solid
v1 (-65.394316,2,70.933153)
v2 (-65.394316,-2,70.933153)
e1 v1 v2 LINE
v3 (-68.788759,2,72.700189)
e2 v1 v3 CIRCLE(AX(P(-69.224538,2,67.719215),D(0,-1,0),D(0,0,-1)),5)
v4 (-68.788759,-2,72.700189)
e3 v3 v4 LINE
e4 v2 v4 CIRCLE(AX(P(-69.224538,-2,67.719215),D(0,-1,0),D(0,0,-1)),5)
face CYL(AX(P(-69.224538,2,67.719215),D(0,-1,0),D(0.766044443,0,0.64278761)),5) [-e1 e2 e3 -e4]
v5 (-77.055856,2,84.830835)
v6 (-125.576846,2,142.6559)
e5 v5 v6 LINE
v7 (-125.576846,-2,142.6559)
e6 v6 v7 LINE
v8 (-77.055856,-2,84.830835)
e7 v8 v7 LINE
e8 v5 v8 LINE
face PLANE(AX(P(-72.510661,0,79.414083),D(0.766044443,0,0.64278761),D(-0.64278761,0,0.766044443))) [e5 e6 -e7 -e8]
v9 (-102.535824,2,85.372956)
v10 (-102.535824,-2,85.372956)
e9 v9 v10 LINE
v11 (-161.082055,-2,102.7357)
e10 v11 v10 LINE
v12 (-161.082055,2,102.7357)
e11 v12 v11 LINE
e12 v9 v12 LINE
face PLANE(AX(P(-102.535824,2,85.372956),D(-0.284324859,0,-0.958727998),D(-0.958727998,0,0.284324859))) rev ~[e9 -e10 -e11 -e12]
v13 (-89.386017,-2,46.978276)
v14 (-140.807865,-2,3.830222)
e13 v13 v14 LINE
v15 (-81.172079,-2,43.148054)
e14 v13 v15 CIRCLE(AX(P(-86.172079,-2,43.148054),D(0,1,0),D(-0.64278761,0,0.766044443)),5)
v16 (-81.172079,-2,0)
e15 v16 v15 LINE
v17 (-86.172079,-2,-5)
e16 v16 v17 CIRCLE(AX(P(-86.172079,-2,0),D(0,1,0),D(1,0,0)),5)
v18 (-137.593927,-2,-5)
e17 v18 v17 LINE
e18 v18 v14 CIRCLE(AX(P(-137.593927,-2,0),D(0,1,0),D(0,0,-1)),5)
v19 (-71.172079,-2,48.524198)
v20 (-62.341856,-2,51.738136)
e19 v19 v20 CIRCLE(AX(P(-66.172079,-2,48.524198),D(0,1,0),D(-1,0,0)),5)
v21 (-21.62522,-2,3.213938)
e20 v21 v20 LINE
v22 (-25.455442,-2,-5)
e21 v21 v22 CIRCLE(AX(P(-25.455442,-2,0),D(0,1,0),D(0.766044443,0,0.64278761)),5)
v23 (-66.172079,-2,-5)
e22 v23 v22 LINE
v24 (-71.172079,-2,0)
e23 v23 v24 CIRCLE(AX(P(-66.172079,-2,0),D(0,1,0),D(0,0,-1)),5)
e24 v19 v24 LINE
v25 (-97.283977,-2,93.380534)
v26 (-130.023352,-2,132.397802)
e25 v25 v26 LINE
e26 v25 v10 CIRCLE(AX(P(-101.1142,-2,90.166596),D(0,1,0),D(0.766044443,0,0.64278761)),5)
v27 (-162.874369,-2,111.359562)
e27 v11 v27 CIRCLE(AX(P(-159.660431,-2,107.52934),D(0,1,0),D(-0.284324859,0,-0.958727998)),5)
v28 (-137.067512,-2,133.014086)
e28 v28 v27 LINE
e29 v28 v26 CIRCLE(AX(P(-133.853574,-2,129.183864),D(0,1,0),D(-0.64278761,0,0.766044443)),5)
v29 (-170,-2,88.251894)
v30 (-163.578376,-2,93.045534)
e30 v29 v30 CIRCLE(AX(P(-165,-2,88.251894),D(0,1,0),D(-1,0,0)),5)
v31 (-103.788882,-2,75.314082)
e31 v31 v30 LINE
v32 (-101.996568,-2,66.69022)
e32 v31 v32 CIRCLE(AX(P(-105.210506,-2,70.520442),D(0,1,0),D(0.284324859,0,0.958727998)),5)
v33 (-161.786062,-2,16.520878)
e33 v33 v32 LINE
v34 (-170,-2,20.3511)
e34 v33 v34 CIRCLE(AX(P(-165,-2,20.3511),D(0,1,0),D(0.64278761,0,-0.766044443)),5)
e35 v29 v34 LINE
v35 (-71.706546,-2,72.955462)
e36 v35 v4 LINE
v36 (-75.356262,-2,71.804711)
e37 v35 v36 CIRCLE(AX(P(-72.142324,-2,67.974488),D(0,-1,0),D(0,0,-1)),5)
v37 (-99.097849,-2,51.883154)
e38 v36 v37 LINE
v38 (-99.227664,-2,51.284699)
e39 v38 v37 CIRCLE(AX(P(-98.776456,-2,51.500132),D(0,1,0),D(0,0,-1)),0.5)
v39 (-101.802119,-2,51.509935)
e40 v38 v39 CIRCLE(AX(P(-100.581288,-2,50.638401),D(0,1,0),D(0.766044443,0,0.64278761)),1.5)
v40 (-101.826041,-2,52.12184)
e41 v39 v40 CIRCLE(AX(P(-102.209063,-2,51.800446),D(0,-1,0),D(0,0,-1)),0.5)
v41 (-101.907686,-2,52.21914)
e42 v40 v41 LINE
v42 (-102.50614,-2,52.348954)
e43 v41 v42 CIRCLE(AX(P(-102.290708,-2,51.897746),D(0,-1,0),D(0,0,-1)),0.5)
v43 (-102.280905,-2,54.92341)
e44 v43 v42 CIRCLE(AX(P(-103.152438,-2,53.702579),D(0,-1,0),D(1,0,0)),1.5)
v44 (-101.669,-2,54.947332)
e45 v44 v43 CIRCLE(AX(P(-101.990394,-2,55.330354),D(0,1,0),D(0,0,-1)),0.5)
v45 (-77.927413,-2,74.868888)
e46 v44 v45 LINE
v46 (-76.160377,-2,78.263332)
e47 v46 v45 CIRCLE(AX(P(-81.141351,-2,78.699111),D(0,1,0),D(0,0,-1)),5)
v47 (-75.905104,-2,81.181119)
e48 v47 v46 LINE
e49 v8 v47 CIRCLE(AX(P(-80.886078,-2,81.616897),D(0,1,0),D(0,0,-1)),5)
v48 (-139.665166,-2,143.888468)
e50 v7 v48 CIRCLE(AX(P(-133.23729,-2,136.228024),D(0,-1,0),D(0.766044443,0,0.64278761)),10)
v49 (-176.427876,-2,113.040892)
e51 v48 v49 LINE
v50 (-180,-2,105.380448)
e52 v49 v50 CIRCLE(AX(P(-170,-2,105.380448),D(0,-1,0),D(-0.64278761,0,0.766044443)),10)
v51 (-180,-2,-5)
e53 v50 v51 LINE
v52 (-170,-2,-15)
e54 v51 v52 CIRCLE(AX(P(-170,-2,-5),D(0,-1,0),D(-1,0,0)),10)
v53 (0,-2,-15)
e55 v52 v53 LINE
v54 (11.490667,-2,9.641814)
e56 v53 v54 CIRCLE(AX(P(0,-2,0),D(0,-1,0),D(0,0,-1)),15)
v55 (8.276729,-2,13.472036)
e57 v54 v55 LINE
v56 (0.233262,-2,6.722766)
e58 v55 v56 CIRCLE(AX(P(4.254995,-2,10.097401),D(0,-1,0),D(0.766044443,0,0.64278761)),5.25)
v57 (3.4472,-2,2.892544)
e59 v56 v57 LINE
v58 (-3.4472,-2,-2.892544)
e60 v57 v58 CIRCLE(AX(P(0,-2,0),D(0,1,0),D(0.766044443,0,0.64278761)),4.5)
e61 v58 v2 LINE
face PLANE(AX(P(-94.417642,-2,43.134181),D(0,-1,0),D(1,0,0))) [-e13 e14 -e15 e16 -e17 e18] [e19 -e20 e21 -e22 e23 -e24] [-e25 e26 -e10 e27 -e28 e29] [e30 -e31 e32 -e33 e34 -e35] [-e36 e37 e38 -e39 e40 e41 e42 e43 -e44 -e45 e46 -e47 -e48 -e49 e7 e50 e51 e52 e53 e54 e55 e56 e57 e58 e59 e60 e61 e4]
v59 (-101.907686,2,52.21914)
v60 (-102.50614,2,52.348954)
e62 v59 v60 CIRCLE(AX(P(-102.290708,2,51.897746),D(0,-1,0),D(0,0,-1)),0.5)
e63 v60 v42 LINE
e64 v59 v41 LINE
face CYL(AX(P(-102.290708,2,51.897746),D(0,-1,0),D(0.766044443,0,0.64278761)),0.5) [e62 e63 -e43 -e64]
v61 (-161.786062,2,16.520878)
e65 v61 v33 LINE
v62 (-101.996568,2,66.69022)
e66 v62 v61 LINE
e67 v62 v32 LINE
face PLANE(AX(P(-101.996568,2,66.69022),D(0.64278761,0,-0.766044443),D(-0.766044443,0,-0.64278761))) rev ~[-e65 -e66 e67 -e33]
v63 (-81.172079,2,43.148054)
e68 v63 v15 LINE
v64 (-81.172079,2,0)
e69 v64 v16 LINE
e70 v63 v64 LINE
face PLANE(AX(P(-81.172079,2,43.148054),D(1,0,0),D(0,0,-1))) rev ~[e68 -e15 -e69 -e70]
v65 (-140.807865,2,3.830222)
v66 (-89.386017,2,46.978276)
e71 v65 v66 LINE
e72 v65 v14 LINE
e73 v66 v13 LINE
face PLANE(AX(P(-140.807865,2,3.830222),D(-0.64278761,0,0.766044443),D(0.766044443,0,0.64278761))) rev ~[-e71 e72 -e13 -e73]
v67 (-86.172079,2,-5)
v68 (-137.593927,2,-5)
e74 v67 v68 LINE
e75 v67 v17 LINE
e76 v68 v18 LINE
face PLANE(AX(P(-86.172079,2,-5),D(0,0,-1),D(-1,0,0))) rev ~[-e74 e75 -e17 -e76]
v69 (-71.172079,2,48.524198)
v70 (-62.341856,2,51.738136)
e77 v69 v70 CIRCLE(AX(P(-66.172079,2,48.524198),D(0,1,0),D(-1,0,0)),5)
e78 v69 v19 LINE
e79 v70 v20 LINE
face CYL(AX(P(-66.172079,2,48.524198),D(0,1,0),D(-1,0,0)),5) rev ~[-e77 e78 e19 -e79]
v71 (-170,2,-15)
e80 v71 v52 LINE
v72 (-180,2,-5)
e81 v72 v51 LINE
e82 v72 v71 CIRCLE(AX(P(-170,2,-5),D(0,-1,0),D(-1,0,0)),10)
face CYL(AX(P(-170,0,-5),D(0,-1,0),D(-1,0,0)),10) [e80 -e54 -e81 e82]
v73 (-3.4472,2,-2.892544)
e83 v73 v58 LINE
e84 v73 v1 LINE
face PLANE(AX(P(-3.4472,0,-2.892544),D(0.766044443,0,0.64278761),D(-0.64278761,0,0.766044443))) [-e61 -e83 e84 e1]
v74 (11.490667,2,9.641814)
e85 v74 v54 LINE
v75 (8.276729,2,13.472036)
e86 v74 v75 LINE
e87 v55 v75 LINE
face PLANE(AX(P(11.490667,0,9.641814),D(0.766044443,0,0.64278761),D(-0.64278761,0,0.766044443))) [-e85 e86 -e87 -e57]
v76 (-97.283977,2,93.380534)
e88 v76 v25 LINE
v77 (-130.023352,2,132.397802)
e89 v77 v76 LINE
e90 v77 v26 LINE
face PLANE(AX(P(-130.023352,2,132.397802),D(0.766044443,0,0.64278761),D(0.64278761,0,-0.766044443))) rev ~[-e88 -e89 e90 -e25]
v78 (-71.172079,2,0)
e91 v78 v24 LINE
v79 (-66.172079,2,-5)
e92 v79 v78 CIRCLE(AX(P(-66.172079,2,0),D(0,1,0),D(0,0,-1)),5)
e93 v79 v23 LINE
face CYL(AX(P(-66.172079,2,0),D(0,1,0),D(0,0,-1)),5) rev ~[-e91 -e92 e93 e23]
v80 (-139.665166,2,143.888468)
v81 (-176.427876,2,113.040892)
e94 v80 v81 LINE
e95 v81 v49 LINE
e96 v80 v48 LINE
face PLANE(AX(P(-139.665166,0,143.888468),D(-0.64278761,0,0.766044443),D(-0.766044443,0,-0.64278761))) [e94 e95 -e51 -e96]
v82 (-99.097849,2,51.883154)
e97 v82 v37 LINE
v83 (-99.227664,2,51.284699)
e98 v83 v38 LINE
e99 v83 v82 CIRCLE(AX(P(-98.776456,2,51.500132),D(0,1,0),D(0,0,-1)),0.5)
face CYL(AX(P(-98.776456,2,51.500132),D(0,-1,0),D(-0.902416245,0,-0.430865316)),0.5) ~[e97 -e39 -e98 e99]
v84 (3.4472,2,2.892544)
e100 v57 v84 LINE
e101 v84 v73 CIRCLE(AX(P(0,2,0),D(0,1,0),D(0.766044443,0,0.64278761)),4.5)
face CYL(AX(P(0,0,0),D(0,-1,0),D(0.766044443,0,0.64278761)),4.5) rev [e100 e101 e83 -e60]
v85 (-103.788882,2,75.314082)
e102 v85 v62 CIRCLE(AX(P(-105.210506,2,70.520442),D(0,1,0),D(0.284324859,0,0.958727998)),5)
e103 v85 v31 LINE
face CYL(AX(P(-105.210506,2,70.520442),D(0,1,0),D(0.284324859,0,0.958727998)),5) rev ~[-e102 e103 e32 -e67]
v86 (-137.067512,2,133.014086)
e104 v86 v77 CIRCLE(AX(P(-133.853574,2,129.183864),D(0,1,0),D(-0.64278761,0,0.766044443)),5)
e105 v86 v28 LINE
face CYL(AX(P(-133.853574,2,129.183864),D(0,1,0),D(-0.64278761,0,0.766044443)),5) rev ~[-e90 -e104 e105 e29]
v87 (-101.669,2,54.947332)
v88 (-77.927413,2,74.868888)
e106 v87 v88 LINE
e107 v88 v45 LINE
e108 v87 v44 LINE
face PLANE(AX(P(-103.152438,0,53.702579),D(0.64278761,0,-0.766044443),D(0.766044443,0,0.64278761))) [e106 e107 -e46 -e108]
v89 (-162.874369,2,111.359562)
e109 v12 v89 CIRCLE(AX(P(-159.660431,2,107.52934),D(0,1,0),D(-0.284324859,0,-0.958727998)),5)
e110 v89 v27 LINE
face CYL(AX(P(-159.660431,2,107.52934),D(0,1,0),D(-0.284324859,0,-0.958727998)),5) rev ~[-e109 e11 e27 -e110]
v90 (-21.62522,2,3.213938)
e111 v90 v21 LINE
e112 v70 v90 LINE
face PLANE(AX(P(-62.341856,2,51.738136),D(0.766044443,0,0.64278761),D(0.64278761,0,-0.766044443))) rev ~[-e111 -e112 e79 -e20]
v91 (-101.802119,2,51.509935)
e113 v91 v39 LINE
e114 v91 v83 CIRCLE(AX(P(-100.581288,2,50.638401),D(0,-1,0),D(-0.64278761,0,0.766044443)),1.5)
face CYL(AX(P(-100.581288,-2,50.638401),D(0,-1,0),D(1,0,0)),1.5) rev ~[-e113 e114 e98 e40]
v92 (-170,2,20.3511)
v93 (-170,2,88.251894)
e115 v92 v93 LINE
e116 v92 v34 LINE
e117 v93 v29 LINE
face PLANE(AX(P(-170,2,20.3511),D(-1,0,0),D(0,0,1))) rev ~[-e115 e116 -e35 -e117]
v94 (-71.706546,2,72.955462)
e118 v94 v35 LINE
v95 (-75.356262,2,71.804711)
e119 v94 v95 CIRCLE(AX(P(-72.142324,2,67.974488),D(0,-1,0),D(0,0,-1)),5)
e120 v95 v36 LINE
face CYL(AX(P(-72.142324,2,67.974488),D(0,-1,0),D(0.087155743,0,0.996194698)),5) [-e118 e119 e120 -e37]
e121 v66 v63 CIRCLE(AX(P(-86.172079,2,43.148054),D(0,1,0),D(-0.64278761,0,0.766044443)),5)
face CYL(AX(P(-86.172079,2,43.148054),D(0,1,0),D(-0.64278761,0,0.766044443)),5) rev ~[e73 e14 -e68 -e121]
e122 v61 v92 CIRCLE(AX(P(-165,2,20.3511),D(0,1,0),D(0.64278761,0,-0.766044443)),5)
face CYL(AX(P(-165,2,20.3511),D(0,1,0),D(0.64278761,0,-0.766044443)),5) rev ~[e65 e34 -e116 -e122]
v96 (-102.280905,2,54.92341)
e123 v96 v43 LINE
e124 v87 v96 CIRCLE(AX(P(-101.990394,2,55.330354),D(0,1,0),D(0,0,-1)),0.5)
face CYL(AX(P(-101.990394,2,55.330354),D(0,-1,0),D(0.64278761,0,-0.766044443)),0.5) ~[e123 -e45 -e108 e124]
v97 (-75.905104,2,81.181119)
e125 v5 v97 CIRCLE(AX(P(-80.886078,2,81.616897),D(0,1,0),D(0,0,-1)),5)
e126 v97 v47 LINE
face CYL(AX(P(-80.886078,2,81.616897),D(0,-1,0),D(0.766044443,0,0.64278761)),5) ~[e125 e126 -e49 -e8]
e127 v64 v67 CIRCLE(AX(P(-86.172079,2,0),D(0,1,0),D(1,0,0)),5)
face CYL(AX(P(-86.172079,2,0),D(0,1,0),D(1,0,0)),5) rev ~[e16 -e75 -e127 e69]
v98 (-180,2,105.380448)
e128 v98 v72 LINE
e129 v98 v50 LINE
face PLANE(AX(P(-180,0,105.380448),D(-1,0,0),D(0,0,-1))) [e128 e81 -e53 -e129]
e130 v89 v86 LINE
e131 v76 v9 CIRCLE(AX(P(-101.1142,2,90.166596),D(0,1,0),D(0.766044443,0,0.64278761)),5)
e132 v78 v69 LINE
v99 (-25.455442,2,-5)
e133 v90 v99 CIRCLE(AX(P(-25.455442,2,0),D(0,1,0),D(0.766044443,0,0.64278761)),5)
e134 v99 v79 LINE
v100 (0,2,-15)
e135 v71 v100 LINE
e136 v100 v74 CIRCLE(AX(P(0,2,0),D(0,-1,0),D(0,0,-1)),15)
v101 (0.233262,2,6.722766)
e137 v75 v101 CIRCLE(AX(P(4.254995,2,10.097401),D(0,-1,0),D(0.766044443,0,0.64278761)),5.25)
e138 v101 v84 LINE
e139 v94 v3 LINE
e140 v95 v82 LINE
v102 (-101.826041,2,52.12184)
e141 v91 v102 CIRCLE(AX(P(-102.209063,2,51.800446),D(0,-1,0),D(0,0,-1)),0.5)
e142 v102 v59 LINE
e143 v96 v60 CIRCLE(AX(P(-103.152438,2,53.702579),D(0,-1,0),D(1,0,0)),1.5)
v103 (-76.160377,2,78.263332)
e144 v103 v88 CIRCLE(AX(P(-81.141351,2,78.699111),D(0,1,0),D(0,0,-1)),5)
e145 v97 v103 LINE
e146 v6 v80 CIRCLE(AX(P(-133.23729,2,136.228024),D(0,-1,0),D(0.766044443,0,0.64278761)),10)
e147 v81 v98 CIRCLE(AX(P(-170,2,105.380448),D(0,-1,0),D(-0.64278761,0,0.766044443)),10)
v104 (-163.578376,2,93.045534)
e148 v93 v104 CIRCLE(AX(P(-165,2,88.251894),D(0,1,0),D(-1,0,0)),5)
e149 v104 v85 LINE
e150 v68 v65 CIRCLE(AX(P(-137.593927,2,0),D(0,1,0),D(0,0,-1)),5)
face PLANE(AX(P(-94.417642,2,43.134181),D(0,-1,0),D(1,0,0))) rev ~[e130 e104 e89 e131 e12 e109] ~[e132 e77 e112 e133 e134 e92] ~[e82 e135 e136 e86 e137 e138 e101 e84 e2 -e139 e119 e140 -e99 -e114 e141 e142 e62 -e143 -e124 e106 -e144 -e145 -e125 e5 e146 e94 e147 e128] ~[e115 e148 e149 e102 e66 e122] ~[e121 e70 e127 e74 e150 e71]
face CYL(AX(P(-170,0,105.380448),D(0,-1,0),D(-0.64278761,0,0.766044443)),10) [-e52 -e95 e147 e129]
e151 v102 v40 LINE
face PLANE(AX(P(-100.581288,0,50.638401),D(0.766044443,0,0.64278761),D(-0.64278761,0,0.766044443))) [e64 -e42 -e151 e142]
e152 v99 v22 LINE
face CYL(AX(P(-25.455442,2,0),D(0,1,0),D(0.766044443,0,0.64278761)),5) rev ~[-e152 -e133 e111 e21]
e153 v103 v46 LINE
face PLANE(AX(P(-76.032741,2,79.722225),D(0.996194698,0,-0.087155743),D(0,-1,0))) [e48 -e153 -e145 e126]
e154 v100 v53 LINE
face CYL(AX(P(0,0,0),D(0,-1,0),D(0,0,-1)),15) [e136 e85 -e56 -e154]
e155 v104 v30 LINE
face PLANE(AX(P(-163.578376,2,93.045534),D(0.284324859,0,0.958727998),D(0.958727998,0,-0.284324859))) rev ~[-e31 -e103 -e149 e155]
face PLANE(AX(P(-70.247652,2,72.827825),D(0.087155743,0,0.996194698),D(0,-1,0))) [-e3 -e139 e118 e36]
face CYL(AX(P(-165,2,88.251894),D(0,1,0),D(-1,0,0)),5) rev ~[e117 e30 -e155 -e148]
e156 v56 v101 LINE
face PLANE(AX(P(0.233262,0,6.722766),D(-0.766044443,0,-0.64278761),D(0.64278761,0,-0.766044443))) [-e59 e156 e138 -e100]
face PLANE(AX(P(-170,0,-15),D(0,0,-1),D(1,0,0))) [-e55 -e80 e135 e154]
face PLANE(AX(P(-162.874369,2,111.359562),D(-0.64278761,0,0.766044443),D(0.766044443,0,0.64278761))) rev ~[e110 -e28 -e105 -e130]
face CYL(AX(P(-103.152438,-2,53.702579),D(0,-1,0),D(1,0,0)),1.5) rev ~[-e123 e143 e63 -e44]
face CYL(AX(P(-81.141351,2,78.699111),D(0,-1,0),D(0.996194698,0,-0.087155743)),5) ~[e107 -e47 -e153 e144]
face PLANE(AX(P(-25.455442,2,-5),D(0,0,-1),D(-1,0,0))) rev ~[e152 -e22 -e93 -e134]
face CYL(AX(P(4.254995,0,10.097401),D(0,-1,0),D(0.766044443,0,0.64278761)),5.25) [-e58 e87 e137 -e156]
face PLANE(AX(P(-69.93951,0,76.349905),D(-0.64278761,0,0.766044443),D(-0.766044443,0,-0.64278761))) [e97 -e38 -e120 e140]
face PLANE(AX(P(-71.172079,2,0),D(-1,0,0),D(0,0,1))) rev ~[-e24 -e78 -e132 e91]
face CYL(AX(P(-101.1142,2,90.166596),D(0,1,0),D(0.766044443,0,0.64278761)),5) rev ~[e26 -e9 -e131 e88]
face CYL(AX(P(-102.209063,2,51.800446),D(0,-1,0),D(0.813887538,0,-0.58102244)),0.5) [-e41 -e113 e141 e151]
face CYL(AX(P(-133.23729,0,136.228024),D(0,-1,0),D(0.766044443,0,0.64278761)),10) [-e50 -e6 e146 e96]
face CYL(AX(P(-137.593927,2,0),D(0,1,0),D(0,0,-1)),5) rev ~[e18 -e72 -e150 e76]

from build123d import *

# Parameters (mm, degrees)
F1_DEPTH = 2
F2_SIZE  = 5
F3_R     = 5
F4_R     = 1.5
F5_DEPTH = 4.001
F6_R     = 0.5
F7_R     = 0.5
F9_DEPTH = 4.001


with BuildPart() as f1:
    # F0 (on Front) → F1 (new body, symmetric)
    with BuildSketch(Plane.XZ):
        with BuildLine():
            ThreePointArc((3.447199994, 2.8925442436), (2.8925442436, -3.447199994), (-3.447199994, -2.8925442436))
            Line((-3.447199994, -2.8925442436), (-69.9395102904, 76.349905432))
            Line((-69.9395102904, 76.349905432), (-100.5812880152, 50.6384010446))
            Line((-100.5812880152, 50.6384010446), (-103.1524384539, 53.7025788171))
            Line((-103.1524384539, 53.7025788171), (-72.5106607292, 79.4140832045))
            Line((-72.5106607292, 79.4140832045), (-125.5768458345, 142.655899949))
            ThreePointArc((-125.5768458345, 142.655899949), (-132.3657328382, 146.1899708331), (-139.6651663625, 143.8884682833))
            Line((-139.6651663625, 143.8884682833), (-176.4278760969, 113.0408921042))
            ThreePointArc((-176.4278760969, 113.0408921042), (-179.0630778704, 109.6066302904), (-180, 105.380447673))
            Line((-180, 105.380447673), (-180, -5))
            ThreePointArc((-180, -5), (-177.0710678119, -12.0710678119), (-170, -15))
            Line((-170, -15), (0, -15))
            ThreePointArc((0, -15), (13.5946168055, -6.3392739261), (11.4906666468, 9.6418141453))
            Line((11.4906666468, 9.6418141453), (8.2767285984, 13.4720363609))
            ThreePointArc((8.2767285984, 13.4720363609), (0.8803603211, 14.1191347364), (0.2332619456, 6.7227664592))
            Line((0.2332619456, 6.7227664592), (3.447199994, 2.8925442436))
        make_face()
    extrude(amount=F1_DEPTH, both=True)

    # F2
    f2_edges = [f1.edges().sort_by_distance(p)[0] for p in [
        (-72.510661, 0, 79.414083),
        (-69.93951, 0, 76.349905),
    ]]
    chamfer(f2_edges, length=F2_SIZE)

    # F3
    f3_edges = [f1.edges().sort_by_distance(p)[0] for p in [
        (-75.724599, 0, 83.244305),
        (-76.340883, 0, 76.200145),
        (-73.769733, 0, 73.135967),
        (-66.725572, 0, 72.519683),
    ]]
    fillet(f3_edges, radius=F3_R)

    # F4 (on face) → F5 (cut, through all)
    with BuildSketch(Plane.XZ.offset(2)):
        with Locations((-103.1524384539, 53.7025788171)):
            Circle(F4_R)
        with Locations((-100.5812880152, 50.6384010446)):
            Circle(F4_R)
    extrude(amount=-F5_DEPTH, mode=Mode.SUBTRACT)

    # F6
    f6_edges = [f1.edges().sort_by_distance(p)[0] for p in [
        (-102.003372, 0, 54.66676),
        (-99.432221, 0, 51.602582),
    ]]
    fillet(f6_edges, radius=F6_R)

    # F7
    f7_edges = [f1.edges().sort_by_distance(p)[0] for p in [
        (-102.188257, 0, 52.553512),
        (-101.545469, 0, 51.787468),
    ]]
    fillet(f7_edges, radius=F7_R)

    # F8 (on face) → F9 (cut, through all)
    with BuildSketch(Plane(origin=(0, 2, 0), x_dir=(-1, 0, 0), z_dir=(0, 1, 0))):
        with BuildLine():
            Line((130.0233522172, 132.3978016366), (97.2839774935, 93.3805341903))
            ThreePointArc((97.2839774935, 93.3805341903), (96.9332114879, 87.4244550998), (102.535824002, 85.3729561501))
            Line((102.535824002, 85.3729561501), (161.082054837, 102.7357001516))
            ThreePointArc((161.082054837, 102.7357001516), (164.5558221931, 106.5119215459), (162.8743685925, 111.3595623589))
            Line((162.8743685925, 111.3595623589), (137.0675124813, 133.0140858037))
            ThreePointArc((137.0675124813, 133.0140858037), (133.4177957191, 134.1648370786), (130.0233522172, 132.3978016366))
        make_face()
        with BuildLine():
            ThreePointArc((103.7888820535, 75.3140818256), (100.3151146973, 71.5378604313), (101.9965682979, 66.6902196183))
            Line((101.9965682979, 66.6902196183), (161.7860619516, 16.5208775452))
            ThreePointArc((161.7860619516, 16.5208775452), (167.1130913087, 15.8195608256), (170, 20.3510997608))
            Line((170, 20.3510997608), (170, 88.2518936709))
            ThreePointArc((170, 88.2518936709), (167.9909763068, 92.2586455639), (163.5783757071, 93.0455336626))
            Line((163.5783757071, 93.0455336626), (103.7888820535, 75.3140818256))
        make_face()
        with BuildLine():
            Line((81.1720786248, 43.1480539897), (81.1720786248, 0))
            ThreePointArc((81.1720786248, 0), (82.6365447188, -3.5355339059), (86.1720786248, -5))
            Line((86.1720786248, -5), (137.5939269804, -5))
            ThreePointArc((137.5939269804, -5), (142.2923900843, -1.7101007166), (140.8078650288, 3.8302222156))
            Line((140.8078650288, 3.8302222156), (89.3860166732, 46.9782762053))
            ThreePointArc((89.3860166732, 46.9782762053), (84.0589873161, 47.6795929249), (81.1720786248, 43.1480539897))
        make_face()
        with BuildLine():
            Line((62.3418564092, 51.7381358551), (21.6252199264, 3.2139380484))
            ThreePointArc((21.6252199264, 3.2139380484), (20.9239032068, -2.1130913087), (25.455442142, -5))
            Line((25.455442142, -5), (66.1720786248, -5))
            ThreePointArc((66.1720786248, -5), (69.7076125307, -3.5355339059), (71.1720786248, 0))
            Line((71.1720786248, 0), (71.1720786248, 48.5241978067))
            ThreePointArc((71.1720786248, 48.5241978067), (67.8821793414, 53.2226609106), (62.3418564092, 51.7381358551))
        make_face()
    extrude(amount=-F9_DEPTH, mode=Mode.SUBTRACT)


solid = f1.part
